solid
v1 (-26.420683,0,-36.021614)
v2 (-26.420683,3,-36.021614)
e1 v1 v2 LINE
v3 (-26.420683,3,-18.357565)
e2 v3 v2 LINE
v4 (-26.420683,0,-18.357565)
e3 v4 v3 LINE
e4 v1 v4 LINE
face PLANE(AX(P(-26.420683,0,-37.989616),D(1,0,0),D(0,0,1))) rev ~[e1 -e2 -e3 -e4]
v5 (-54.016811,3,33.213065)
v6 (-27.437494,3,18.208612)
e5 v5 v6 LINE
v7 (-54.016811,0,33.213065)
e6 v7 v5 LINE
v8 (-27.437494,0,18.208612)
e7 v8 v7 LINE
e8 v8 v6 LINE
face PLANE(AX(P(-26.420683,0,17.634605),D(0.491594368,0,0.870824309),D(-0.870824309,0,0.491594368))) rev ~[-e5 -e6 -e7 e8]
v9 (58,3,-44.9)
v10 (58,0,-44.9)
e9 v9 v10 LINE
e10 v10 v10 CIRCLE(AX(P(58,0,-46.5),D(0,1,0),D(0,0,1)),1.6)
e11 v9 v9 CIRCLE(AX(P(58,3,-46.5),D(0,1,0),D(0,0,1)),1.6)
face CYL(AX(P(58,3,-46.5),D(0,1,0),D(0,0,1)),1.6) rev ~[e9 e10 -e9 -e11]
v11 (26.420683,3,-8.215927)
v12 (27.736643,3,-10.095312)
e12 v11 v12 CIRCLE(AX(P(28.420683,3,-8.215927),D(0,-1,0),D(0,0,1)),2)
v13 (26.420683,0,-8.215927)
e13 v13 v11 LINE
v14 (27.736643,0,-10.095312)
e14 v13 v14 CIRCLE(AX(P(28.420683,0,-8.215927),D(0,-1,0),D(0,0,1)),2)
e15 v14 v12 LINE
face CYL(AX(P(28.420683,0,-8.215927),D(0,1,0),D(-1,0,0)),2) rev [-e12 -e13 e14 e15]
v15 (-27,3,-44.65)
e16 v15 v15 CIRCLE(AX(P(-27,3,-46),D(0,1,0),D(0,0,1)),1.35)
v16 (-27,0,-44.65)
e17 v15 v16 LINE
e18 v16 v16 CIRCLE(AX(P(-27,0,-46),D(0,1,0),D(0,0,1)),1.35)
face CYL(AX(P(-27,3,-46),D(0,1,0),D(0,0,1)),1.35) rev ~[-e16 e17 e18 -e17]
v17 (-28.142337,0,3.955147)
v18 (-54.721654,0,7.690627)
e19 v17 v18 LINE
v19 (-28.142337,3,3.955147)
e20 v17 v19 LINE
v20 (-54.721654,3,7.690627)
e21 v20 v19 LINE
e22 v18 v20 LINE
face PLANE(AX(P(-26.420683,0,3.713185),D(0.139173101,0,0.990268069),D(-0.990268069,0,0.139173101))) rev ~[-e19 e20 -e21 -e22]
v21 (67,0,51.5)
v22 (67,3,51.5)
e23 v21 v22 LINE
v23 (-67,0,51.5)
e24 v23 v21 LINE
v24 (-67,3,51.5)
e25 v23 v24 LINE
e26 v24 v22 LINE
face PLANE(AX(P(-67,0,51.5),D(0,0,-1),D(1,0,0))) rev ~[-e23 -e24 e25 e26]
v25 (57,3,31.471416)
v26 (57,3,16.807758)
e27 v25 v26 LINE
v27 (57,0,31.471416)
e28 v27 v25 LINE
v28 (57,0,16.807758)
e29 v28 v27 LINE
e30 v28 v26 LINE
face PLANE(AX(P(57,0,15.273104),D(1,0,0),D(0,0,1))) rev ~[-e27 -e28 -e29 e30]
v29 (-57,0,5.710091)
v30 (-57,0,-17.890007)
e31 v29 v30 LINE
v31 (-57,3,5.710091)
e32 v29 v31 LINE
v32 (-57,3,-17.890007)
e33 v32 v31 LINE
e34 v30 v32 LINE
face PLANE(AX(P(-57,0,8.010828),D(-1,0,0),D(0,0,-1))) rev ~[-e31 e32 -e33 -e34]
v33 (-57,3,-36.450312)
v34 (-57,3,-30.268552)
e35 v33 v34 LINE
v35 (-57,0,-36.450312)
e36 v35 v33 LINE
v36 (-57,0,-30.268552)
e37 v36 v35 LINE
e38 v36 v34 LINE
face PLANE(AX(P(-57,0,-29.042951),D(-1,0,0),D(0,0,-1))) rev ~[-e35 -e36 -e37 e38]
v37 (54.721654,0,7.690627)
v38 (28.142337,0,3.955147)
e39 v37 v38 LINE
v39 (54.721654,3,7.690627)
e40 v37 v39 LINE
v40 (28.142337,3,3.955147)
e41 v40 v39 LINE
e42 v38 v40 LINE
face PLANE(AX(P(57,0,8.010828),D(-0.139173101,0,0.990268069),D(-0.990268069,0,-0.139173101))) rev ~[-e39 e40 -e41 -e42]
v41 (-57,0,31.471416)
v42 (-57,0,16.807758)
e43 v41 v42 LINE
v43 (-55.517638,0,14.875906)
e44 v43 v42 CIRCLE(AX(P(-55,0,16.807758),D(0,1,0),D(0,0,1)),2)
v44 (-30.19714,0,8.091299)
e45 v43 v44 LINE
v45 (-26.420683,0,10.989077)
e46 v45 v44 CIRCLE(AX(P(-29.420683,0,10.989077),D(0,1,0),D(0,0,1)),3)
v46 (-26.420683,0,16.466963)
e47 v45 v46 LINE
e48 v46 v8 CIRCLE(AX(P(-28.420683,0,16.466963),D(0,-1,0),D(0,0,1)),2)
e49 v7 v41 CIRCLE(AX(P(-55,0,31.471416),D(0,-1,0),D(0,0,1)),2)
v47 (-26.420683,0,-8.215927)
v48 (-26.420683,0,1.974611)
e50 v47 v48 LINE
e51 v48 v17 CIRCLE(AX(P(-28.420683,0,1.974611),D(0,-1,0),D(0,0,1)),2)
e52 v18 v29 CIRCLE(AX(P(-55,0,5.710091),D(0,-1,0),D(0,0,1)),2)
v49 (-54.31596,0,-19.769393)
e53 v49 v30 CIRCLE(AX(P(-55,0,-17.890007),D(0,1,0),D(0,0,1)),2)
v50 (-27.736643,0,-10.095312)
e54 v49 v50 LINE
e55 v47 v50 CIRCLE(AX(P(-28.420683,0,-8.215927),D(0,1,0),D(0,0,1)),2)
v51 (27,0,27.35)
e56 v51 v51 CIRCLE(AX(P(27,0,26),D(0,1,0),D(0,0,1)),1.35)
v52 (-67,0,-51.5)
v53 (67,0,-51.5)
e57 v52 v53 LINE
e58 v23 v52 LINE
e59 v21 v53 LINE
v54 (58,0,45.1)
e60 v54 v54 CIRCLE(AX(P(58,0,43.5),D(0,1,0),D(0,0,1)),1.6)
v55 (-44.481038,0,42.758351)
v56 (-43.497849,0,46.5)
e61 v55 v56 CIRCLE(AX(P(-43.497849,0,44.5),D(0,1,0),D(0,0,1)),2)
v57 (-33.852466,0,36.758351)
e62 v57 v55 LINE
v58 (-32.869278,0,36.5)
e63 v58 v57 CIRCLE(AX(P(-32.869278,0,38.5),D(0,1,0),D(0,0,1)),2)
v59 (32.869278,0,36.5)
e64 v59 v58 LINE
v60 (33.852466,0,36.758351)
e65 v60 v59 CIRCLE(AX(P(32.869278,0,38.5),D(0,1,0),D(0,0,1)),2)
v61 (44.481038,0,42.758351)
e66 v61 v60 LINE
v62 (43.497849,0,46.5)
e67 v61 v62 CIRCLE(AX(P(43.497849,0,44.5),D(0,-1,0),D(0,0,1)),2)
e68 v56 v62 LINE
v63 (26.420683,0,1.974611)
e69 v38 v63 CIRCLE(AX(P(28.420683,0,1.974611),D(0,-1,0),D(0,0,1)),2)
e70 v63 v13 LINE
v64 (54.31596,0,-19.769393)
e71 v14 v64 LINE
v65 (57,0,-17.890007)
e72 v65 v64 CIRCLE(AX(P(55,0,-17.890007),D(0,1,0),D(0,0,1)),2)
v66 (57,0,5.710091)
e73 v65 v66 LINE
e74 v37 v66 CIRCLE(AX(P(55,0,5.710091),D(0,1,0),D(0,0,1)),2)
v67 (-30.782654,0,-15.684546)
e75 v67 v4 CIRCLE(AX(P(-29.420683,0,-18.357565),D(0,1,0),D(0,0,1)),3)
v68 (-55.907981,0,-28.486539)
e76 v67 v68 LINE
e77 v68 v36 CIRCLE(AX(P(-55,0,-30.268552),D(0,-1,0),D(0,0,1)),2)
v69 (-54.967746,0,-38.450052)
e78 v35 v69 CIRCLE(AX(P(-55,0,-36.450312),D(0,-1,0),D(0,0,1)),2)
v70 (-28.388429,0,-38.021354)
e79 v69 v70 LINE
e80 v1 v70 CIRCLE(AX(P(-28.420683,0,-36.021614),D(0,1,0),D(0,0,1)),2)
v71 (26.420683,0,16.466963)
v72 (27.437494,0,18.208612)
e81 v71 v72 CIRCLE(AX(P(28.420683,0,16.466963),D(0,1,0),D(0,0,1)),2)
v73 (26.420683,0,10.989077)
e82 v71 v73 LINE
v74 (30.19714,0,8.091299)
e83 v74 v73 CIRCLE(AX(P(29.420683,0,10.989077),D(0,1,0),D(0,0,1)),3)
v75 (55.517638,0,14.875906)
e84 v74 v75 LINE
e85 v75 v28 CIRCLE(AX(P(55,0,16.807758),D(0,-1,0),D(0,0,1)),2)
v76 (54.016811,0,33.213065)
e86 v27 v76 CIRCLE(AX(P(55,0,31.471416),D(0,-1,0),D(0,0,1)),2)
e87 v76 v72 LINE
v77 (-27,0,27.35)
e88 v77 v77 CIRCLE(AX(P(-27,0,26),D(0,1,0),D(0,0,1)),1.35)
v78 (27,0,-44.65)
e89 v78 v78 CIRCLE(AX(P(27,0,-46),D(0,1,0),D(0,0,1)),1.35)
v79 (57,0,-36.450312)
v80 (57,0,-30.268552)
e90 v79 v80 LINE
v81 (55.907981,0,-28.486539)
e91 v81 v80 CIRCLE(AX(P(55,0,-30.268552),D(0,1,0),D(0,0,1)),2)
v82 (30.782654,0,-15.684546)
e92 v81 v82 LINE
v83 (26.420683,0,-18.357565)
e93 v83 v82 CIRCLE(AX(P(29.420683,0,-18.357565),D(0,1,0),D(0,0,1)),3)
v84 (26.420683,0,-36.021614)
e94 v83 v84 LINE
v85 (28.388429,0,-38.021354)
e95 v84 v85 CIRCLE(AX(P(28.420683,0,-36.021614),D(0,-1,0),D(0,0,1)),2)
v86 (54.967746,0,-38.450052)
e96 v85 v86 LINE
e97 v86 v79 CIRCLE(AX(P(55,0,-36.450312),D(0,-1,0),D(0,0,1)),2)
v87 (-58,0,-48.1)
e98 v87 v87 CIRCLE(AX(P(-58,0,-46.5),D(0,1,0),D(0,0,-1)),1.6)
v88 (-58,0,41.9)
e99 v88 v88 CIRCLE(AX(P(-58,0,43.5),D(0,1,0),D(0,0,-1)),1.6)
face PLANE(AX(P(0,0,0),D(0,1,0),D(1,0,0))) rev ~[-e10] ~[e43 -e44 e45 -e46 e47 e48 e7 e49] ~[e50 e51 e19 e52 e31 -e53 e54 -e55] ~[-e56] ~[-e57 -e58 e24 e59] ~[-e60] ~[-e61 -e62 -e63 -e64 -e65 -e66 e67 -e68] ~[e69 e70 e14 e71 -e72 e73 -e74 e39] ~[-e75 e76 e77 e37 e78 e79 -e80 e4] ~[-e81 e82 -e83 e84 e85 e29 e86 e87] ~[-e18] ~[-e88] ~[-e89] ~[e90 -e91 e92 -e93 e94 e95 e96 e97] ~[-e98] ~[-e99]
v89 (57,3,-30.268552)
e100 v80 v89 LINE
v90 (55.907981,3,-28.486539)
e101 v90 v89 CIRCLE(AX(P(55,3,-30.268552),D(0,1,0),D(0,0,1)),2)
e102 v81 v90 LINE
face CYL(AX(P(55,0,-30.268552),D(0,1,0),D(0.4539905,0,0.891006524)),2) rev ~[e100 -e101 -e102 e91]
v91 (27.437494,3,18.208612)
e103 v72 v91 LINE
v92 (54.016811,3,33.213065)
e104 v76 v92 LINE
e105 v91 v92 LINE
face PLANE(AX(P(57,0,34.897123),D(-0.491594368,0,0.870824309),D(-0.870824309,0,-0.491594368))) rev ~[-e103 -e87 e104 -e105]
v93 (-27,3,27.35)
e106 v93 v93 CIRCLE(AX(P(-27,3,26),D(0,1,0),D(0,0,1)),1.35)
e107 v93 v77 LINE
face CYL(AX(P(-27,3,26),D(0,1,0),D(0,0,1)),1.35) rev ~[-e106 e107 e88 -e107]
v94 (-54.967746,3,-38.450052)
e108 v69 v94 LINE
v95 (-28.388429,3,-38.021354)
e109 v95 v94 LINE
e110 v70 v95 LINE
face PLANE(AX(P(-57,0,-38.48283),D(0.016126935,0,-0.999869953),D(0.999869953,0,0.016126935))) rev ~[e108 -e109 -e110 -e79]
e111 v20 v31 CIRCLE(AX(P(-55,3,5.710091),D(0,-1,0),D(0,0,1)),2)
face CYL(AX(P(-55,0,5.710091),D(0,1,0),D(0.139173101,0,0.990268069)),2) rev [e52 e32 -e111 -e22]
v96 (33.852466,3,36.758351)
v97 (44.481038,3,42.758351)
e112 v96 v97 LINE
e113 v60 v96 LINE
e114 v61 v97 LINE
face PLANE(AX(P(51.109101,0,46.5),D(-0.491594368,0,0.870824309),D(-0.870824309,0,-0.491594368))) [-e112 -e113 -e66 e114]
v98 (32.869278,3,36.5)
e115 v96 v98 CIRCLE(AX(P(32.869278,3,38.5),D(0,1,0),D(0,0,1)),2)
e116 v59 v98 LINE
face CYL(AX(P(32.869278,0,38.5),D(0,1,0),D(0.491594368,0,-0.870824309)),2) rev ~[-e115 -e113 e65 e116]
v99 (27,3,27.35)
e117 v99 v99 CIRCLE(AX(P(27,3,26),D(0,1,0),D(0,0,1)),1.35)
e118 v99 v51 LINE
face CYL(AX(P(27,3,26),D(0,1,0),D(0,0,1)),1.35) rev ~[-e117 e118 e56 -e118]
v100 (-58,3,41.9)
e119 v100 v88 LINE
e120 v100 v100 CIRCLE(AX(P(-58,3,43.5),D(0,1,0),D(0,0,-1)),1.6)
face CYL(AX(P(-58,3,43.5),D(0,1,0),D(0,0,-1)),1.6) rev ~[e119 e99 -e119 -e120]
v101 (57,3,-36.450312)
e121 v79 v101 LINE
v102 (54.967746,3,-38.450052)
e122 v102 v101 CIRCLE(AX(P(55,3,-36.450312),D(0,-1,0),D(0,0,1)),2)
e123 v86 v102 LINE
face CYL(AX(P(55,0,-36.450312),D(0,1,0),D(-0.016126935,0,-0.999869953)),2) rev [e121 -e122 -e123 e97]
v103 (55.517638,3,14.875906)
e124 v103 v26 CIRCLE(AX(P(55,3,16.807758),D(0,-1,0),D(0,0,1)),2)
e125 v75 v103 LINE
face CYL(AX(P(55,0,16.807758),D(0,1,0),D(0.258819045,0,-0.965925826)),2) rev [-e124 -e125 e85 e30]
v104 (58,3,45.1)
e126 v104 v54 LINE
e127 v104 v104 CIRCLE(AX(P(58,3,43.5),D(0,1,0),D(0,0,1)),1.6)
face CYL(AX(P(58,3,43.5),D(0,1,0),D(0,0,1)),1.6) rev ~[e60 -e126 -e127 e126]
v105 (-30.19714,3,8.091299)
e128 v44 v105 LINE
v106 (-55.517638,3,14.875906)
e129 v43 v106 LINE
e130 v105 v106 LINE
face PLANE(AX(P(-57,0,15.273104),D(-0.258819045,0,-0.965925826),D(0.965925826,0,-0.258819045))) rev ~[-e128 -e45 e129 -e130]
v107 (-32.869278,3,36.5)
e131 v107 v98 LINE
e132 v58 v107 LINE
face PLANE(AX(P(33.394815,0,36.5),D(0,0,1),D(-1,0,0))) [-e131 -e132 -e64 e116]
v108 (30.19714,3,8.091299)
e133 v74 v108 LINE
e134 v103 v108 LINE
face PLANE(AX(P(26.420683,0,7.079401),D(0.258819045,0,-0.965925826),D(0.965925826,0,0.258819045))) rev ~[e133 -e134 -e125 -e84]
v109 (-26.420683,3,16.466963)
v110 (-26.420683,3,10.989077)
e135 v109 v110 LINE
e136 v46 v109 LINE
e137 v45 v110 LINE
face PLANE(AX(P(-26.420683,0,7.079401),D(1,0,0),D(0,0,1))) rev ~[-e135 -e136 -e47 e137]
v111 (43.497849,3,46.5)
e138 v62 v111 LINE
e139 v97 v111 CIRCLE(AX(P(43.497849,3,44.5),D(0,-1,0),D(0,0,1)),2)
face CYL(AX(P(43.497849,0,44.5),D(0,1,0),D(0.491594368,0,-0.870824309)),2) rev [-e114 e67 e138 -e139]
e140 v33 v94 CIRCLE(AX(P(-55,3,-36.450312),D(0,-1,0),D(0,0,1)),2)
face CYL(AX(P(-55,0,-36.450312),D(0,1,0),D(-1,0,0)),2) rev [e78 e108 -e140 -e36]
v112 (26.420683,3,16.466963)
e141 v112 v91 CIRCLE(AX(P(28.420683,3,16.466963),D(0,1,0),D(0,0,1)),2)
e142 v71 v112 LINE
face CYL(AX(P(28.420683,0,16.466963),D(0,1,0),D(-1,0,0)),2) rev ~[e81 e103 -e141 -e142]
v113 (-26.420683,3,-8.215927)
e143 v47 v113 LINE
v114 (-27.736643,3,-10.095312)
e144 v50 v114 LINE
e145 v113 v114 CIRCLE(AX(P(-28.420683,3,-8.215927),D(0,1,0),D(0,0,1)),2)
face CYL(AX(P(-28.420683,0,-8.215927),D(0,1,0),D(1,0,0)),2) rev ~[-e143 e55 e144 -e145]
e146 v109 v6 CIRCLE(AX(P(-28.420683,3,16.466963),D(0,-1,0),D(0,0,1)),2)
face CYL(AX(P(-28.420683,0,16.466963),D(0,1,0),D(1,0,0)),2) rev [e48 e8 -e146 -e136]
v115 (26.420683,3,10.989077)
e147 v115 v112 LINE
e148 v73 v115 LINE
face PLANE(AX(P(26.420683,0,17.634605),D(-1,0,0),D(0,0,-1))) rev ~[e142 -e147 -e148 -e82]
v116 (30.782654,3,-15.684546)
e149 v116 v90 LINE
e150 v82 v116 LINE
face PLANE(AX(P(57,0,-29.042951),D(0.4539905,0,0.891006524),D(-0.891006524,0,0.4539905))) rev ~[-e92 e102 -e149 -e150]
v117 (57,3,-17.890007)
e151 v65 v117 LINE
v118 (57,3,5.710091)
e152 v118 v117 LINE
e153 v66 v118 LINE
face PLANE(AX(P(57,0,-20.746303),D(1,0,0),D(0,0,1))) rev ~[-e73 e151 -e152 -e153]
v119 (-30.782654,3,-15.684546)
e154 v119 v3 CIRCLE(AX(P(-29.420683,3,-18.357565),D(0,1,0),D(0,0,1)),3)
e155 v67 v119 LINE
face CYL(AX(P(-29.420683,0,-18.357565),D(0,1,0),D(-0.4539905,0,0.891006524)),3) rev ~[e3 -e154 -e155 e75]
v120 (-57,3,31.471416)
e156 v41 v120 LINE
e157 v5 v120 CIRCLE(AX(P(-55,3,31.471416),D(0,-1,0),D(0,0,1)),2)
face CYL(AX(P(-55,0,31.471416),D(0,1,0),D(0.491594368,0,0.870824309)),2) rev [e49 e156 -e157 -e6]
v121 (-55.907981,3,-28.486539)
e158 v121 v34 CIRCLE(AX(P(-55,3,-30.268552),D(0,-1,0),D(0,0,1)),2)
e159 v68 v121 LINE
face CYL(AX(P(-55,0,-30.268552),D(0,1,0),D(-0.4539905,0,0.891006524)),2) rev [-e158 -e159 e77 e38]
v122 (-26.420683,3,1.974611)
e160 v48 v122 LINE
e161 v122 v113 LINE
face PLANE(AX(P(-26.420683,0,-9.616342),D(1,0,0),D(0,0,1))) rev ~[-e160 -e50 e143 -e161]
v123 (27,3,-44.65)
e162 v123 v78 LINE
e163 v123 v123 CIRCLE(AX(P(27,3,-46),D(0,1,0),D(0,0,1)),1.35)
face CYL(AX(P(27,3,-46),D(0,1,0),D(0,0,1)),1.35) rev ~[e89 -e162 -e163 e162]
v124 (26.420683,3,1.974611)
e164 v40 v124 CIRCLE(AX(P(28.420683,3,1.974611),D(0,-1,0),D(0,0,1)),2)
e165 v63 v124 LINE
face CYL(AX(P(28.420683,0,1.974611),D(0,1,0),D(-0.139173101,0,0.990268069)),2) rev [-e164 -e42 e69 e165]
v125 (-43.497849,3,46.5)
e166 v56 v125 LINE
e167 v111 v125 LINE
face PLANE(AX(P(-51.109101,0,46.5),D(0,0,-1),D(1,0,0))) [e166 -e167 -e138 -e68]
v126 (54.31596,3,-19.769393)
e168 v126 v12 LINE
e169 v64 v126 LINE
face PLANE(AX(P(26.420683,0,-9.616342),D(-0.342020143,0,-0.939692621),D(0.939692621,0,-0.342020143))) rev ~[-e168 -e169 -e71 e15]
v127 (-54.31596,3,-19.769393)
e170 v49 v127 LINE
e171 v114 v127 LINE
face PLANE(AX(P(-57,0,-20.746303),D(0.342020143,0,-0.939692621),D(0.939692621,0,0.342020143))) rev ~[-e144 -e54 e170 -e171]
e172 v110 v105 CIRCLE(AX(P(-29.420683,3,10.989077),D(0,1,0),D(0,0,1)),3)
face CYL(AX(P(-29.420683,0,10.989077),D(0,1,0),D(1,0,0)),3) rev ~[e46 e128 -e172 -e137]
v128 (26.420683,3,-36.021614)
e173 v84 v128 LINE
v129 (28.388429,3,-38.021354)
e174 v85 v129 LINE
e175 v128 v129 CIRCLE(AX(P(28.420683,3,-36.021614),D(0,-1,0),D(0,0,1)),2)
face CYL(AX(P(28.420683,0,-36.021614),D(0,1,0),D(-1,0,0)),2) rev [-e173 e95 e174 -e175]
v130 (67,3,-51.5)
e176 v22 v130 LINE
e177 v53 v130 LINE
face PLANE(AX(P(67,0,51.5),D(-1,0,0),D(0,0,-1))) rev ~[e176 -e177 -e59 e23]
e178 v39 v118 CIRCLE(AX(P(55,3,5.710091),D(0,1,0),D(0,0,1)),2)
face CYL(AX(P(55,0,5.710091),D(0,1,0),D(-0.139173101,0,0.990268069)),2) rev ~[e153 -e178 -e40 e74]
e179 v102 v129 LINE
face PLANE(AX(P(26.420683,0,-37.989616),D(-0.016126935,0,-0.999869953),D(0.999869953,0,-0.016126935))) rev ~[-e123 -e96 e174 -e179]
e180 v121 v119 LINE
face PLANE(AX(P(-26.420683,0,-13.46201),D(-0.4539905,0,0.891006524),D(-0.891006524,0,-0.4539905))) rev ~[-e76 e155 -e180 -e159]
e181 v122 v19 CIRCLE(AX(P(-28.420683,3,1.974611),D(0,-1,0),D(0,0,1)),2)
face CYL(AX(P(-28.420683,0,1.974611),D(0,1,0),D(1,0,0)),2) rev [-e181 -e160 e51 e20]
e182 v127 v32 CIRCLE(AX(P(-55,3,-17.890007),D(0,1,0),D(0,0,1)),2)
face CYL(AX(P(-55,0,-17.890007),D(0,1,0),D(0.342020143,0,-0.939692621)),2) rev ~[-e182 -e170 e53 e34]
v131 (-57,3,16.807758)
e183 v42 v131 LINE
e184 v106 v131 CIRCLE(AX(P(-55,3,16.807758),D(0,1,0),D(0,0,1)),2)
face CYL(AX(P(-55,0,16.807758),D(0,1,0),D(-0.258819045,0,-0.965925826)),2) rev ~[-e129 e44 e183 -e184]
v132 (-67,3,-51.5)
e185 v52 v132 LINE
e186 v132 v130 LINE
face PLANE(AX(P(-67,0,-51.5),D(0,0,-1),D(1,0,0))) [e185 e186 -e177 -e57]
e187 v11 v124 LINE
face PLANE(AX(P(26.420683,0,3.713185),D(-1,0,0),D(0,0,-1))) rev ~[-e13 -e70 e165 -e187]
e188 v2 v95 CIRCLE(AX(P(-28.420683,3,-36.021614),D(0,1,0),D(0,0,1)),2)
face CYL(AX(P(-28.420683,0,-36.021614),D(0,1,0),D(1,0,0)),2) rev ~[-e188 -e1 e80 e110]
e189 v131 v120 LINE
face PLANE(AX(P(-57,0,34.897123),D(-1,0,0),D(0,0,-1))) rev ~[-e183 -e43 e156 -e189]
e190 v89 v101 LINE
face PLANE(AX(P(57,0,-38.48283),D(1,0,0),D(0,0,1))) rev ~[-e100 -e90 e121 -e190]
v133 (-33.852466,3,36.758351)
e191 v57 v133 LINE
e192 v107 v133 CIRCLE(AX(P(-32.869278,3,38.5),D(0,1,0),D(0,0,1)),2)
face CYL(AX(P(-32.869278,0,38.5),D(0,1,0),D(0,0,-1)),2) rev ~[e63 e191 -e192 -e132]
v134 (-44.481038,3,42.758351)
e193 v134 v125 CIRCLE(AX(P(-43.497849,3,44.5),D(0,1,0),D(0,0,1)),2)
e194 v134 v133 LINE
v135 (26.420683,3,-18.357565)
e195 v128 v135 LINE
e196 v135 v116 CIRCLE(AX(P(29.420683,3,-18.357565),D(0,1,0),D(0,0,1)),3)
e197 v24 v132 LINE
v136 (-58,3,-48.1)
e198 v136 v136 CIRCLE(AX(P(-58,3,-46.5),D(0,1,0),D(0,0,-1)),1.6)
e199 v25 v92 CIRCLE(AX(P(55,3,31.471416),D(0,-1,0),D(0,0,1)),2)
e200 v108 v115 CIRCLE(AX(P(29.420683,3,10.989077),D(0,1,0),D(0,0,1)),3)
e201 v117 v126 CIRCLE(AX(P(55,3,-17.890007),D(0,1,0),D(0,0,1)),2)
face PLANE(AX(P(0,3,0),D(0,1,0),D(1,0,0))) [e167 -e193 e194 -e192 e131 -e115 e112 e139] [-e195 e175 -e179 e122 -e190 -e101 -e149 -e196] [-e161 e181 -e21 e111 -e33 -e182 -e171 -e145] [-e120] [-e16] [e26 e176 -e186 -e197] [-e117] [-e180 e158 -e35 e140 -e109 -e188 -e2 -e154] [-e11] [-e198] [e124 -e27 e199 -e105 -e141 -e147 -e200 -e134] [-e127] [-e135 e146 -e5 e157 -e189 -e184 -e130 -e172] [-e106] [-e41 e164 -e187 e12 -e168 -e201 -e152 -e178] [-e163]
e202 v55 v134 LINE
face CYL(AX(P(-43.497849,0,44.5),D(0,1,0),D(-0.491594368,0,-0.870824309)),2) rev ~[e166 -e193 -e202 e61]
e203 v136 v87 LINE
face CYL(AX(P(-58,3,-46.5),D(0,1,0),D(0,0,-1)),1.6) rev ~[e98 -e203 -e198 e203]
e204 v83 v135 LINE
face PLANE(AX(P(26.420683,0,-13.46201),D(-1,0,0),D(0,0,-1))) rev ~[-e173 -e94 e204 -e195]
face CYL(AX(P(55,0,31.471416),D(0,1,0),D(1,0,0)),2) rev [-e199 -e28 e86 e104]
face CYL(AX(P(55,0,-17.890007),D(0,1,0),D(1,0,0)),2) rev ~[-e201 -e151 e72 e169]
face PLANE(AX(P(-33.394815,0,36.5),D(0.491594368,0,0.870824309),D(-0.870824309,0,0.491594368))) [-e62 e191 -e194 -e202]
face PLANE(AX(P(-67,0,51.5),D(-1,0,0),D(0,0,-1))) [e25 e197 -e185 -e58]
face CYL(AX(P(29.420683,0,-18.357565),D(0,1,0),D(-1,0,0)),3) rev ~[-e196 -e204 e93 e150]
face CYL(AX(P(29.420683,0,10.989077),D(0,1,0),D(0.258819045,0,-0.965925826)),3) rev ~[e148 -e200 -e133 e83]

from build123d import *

# Parameters (mm, degrees)
SKETCH_1_W          = 134
SKETCH_1_H          = 103
EXTRUDE_1_DEPTH     = 3
SKETCH_5_R          = 1.35
CUT_EXTRUDE_3_DEPTH = 85.559150895
SKETCH_6_R          = 1.6
CUT_EXTRUDE_4_DEPTH = 85.559150895
CUT_EXTRUDE_5_DEPTH = 85.559150895
FILLET_1_R          = 3
CUT_EXTRUDE_6_DEPTH = 85.559150895
FILLET_2_R          = 2


with BuildPart() as part:
    # 草图1 → 凸台-拉伸1 (new body)
    with BuildSketch(Plane(origin=(0, 0, 0), x_dir=(1, 0, 0), z_dir=(0, 1, 0))):
        Rectangle(SKETCH_1_W, SKETCH_1_H)
    extrude(amount=EXTRUDE_1_DEPTH)

    # 草图5 → 切除-拉伸3 (cut, through all)
    with BuildSketch(Plane(origin=(0, 3, 0), x_dir=(1, 0, 0), z_dir=(0, 1, 0))):
        with Locations(Location((27, -26, 0), (0, 0, 270))):
            Circle(SKETCH_5_R)
        with Locations(Location((-27, -26, 0), (0, 0, 270))):
            Circle(SKETCH_5_R)
        with Locations(Location((27, 46, 0), (0, 0, 270))):
            Circle(SKETCH_5_R)
        with Locations(Location((-27, 46, 0), (0, 0, 270))):
            Circle(SKETCH_5_R)
    extrude(amount=-CUT_EXTRUDE_3_DEPTH, mode=Mode.SUBTRACT)

    # 草图6 → 切除-拉伸4 (cut, through all)
    with BuildSketch(Plane(origin=(0, 3, 0), x_dir=(1, 0, 0), z_dir=(0, 1, 0))):
        with Locations(Location((58, 46.5, 0), (0, 0, 270))):
            Circle(SKETCH_6_R)
        with Locations(Location((58, -43.5, 0), (0, 0, 270))):
            Circle(SKETCH_6_R)
        with Locations(Location((-58, 46.5, 0), (0, 0, 90))):
            Circle(SKETCH_6_R)
        with Locations(Location((-58, -43.5, 0), (0, 0, 90))):
            Circle(SKETCH_6_R)
    extrude(amount=-CUT_EXTRUDE_4_DEPTH, mode=Mode.SUBTRACT)

    # 草图7 → 切除-拉伸5 (cut, through all)
    with BuildSketch(Plane.XZ):
        Polygon((-26.4206829, 17.634605341), (-57, 34.897123059), (-57, 15.273103969), (-26.4206829, 7.079400646), align=None)
        Polygon((-26.4206829, 3.713184828), (-57, 8.010827578), (-57, -20.746303353), (-26.4206829, -9.616342144), align=None)
        Polygon((-26.4206829, -37.989615661), (-26.4206829, -13.46201033), (-57, -29.042950621), (-57, -38.482830453), align=None)
        Polygon((57, -29.042950621), (26.4206829, -13.46201033), (26.4206829, -37.989615661), (57, -38.482830453), align=None)
        Polygon((26.4206829, 3.713184828), (26.4206829, -9.616342144), (57, -20.746303353), (57, 8.010827578), align=None)
        Polygon((26.4206829, 17.634605341), (26.4206829, 7.079400646), (57, 15.273103969), (57, 34.897123059), align=None)
    extrude(amount=-CUT_EXTRUDE_5_DEPTH, mode=Mode.SUBTRACT)

    # 圆角1
    fillet_1_edges = [part.edges().sort_by_distance(p)[0] for p in [
        (-26.4206829, 1.5, 7.079400646),
        (-26.4206829, 1.5, -13.46201033),
        (26.4206829, 1.5, -13.46201033),
        (26.4206829, 1.5, 7.079400646),
    ]]
    fillet(fillet_1_edges, radius=FILLET_1_R)

    # 草图9 → 切除-拉伸6 (cut, through all)
    with BuildSketch(Plane.XZ):
        Polygon((51.109101135, 46.5), (33.394815421, 36.5), (-33.394815421, 36.5), (-51.109101135, 46.5), align=None)
    extrude(amount=-CUT_EXTRUDE_6_DEPTH, mode=Mode.SUBTRACT)

    # 圆角2
    fillet_2_edges = [part.edges().sort_by_distance(p)[0] for p in [
        (-57, 1.5, 15.273103969),
        (-57, 1.5, 34.897123059),
        (-26.4206829, 1.5, 17.634605341),
        (-51.109101135, 1.5, 46.5),
        (51.109101135, 1.5, 46.5),
        (33.394815421, 1.5, 36.5),
        (-33.394815421, 1.5, 36.5),
        (-26.4206829, 1.5, -37.989615661),
        (-57, 1.5, -38.482830453),
        (-57, 1.5, -29.042950621),
        (-26.4206829, 1.5, -9.616342144),
        (-57, 1.5, -20.746303353),
        (-57, 1.5, 8.010827578),
        (-26.4206829, 1.5, 3.713184828),
        (26.4206829, 1.5, 3.713184828),
        (57, 1.5, 8.010827578),
        (57, 1.5, -20.746303353),
        (26.4206829, 1.5, -9.616342144),
        (57, 1.5, -29.042950621),
        (57, 1.5, -38.482830453),
        (26.4206829, 1.5, -37.989615661),
        (26.4206829, 1.5, 17.634605341),
        (57, 1.5, 34.897123059),
        (57, 1.5, 15.273103969),
    ]]
    fillet(fillet_2_edges, radius=FILLET_2_R)


solid = part.part
